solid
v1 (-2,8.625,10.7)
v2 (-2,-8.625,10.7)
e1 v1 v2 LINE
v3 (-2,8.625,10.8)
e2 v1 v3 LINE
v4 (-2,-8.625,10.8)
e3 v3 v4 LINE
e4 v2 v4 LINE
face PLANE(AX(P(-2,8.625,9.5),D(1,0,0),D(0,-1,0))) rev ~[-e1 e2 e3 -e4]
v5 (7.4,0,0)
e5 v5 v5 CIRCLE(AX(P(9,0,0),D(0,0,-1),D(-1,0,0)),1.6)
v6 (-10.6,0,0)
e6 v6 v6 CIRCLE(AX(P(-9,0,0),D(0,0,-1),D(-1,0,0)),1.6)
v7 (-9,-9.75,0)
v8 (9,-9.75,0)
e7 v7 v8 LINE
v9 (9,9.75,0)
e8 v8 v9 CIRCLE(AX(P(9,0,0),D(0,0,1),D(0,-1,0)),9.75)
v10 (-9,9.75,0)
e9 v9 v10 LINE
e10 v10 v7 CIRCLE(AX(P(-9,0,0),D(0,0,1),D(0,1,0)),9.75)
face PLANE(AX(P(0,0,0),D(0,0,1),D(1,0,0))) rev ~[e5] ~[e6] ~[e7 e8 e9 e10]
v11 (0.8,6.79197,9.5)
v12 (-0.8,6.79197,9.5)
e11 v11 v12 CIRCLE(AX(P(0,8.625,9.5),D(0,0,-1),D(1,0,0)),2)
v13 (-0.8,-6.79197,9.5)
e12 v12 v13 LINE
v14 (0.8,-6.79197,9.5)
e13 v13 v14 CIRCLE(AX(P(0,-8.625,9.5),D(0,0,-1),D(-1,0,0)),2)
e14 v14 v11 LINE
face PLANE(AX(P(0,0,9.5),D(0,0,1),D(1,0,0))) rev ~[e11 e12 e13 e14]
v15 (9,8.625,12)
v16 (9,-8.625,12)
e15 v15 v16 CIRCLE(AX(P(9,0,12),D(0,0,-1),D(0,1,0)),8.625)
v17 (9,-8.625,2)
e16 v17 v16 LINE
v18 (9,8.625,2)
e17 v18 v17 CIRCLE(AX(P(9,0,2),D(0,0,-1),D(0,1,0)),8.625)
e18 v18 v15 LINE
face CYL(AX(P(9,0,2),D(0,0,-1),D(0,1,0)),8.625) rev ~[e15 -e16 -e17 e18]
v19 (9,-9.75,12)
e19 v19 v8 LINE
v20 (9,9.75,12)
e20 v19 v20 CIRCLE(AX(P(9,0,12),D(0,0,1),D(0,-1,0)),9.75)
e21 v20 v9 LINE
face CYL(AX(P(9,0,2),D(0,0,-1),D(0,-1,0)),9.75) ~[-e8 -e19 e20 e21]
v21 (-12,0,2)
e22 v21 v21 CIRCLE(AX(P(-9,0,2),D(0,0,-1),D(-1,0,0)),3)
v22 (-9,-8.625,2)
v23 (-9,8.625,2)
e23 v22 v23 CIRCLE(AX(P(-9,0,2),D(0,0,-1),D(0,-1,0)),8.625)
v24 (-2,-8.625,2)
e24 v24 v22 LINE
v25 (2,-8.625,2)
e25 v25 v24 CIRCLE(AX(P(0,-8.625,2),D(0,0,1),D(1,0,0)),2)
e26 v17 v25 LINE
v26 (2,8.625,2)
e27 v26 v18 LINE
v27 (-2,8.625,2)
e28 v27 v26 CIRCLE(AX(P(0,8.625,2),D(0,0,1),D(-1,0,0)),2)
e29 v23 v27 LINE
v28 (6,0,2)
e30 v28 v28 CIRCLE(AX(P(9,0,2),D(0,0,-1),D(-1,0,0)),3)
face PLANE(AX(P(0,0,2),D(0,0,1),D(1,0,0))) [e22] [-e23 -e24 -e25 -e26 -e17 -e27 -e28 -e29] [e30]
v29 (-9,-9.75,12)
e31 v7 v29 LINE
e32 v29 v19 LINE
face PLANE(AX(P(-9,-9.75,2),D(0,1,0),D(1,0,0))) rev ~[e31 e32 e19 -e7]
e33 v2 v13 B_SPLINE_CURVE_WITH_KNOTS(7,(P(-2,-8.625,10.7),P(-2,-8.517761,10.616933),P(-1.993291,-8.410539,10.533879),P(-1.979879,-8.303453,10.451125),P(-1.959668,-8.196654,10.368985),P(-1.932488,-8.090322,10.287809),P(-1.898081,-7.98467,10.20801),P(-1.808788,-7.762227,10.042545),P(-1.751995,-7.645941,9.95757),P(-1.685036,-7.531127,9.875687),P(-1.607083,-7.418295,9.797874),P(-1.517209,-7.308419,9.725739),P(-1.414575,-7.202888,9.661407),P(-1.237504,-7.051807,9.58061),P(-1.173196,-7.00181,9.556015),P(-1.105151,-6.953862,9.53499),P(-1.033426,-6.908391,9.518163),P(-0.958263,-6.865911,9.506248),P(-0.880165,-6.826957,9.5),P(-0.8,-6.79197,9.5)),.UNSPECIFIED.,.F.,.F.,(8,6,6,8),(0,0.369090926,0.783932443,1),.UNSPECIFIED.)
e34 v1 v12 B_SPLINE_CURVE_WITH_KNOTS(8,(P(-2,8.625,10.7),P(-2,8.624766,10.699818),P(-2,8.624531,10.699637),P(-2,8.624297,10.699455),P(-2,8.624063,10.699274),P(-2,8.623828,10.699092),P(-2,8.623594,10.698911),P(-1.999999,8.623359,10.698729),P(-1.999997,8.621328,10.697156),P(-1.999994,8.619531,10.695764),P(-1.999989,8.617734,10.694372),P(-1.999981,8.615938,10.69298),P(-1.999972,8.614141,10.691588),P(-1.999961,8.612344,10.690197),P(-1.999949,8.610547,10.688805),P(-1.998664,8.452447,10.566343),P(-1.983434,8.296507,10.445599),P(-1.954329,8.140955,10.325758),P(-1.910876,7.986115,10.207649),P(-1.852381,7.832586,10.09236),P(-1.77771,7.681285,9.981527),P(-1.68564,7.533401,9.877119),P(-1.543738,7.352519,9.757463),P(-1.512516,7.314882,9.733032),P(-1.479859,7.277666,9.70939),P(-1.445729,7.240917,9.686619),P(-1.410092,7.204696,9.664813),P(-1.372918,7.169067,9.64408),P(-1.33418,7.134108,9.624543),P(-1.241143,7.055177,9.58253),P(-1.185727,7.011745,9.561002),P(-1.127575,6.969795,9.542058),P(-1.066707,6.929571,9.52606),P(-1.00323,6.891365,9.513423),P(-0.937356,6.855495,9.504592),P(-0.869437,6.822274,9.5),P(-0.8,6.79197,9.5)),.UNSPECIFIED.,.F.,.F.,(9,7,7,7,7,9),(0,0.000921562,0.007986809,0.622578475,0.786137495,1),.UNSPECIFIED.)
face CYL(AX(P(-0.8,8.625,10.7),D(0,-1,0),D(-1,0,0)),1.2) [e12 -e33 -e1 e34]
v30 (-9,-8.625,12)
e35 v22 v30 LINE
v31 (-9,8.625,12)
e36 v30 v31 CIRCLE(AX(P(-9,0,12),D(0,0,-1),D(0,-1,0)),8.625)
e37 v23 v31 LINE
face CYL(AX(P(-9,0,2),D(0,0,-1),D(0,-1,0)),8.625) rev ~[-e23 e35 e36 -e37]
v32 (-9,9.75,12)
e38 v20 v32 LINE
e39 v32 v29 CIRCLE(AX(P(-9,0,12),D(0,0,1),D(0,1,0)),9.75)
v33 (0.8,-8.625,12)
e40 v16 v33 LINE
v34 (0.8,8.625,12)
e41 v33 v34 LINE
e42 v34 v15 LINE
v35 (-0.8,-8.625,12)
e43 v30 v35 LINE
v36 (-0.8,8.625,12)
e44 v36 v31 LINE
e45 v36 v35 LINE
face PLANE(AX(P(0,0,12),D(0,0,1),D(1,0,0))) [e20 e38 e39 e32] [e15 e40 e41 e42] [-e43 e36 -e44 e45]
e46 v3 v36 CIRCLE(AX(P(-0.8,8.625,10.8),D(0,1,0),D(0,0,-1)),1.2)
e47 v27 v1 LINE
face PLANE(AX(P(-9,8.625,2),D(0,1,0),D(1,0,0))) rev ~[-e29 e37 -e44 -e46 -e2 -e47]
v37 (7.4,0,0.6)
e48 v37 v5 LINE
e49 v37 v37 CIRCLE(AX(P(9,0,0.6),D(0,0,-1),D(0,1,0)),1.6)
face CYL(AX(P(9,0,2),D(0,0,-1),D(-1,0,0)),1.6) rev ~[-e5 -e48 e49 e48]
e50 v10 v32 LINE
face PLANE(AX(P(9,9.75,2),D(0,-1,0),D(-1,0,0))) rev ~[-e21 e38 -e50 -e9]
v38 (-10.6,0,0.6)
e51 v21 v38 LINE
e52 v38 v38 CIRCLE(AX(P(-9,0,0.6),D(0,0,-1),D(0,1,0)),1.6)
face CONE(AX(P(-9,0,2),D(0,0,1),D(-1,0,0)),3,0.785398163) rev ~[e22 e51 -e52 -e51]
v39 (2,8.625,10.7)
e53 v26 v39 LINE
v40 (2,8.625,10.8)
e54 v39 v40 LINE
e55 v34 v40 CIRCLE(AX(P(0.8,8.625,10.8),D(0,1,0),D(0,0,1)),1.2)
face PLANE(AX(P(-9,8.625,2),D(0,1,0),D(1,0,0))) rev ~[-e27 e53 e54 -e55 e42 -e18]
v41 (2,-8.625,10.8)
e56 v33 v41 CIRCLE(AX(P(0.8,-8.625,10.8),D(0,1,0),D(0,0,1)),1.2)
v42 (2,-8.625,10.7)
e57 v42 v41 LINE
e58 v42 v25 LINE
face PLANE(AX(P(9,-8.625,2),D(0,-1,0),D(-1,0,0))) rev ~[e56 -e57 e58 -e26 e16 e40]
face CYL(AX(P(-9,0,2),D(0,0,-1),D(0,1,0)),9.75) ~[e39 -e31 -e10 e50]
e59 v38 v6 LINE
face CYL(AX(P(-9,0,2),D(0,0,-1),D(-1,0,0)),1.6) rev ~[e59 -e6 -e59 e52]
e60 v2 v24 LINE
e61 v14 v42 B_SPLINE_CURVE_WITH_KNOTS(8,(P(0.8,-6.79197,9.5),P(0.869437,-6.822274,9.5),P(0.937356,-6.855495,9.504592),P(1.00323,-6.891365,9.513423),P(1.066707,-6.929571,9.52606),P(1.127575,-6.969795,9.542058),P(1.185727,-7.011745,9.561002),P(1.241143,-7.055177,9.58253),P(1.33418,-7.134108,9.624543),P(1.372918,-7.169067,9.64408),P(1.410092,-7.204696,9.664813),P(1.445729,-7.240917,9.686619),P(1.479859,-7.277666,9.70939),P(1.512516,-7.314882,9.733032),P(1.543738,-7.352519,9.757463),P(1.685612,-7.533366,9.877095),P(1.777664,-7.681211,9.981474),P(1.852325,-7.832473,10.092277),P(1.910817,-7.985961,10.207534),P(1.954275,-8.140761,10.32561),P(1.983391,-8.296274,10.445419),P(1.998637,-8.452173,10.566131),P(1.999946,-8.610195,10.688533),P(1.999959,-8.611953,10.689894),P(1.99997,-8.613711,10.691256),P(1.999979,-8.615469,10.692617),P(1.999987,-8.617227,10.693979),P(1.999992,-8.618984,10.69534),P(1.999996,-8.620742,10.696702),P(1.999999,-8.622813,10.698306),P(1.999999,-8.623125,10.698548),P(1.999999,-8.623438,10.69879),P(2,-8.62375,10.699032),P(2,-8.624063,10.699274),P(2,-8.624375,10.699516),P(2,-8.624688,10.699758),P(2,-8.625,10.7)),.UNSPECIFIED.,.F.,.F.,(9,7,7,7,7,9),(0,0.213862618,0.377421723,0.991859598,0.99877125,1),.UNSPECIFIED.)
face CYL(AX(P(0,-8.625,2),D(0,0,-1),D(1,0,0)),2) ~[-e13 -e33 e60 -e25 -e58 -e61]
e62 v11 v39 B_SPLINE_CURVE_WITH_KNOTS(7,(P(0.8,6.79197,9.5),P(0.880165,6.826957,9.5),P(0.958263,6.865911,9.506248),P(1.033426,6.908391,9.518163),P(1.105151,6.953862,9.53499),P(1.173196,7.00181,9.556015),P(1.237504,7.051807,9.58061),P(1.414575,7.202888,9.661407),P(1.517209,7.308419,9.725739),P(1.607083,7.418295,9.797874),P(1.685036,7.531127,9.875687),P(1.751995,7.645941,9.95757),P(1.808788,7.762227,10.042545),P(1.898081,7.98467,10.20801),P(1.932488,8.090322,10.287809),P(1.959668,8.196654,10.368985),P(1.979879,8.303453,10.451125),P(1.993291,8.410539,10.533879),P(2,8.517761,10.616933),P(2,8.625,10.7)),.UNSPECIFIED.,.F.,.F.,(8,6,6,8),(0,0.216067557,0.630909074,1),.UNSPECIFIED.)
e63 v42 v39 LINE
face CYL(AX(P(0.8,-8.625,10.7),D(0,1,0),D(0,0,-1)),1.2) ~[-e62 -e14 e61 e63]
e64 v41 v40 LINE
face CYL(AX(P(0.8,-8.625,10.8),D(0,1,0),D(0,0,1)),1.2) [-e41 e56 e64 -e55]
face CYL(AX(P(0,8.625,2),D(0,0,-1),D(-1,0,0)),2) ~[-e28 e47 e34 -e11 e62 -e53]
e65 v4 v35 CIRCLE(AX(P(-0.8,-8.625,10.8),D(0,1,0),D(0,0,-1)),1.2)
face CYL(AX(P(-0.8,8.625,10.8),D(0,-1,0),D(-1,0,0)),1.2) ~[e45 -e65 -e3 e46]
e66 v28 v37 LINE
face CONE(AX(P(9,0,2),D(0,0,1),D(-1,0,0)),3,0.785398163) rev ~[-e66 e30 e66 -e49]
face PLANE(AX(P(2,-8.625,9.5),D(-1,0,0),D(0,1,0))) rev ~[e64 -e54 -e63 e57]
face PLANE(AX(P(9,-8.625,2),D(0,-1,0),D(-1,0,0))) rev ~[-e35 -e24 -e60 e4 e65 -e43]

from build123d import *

# Parameters (mm, degrees)
F1_DEPTH        = 2
F3_DEPTH        = 10
F5_DEPTH        = 10
F8_DEPTH        = 2.5
F9_R            = 1.2
F11_D           = 3.2
F11_DEPTH       = 4.5
F11_CSINK_D     = 6
F11_CSINK_ANGLE = 90
F11_TIP         = 0.9613769904


with BuildPart() as f1:
    # F0 (on Top) → F1 (new body)
    with BuildSketch(Plane.XY):
        with BuildLine():
            Line((9, 9.75), (-9, 9.75))
            ThreePointArc((-9, 9.75), (-18.75, 0), (-9, -9.75))
            Line((-9, -9.75), (9, -9.75))
            ThreePointArc((9, -9.75), (18.75, 0), (9, 9.75))
        make_face()
    extrude(amount=F1_DEPTH)

    # F2 (on face) → F3 (join)
    with BuildSketch(Plane.XY.offset(2)):
        with BuildLine():
            Line((9, 9.75), (-9, 9.75))
            ThreePointArc((-9, 9.75), (-18.75, 0), (-9, -9.75))
            Line((-9, -9.75), (9, -9.75))
            ThreePointArc((9, -9.75), (18.75, 0), (9, 9.75))
        make_face()
        with BuildLine():
            ThreePointArc((9, 8.625), (17.625, 0), (9, -8.625))
            Line((9, -8.625), (-9, -8.625))
            ThreePointArc((-9, -8.625), (-17.625, 0), (-9, 8.625))
            Line((-9, 8.625), (9, 8.625))
        make_face(mode=Mode.SUBTRACT)
    extrude(amount=F3_DEPTH)

    # F4 (on face) → F5 (join)
    with BuildSketch(Plane.XY.offset(2)):
        with BuildLine():
            Line((2, 8.625), (-2, 8.625))
            ThreePointArc((-2, 8.625), (0, 6.625), (2, 8.625))
        make_face()
        with BuildLine():
            Line((-2, -8.625), (2, -8.625))
            ThreePointArc((2, -8.625), (0, -6.625), (-2, -8.625))
        make_face()
    extrude(amount=F5_DEPTH)

    # F7 (on offset) → F8 (join)
    with BuildSketch(Plane.XY.offset(9.5)):
        with BuildLine():
            ThreePointArc((2, 8.625), (0, 6.625), (-2, 8.625))
            Line((-2, 8.625), (-2, -8.625))
            ThreePointArc((-2, -8.625), (0, -6.625), (2, -8.625))
            Line((2, -8.625), (2, 8.625))
        make_face()
    extrude(amount=F8_DEPTH)

    # F9
    f9_edges = [f1.edges().sort_by_distance(p)[0] for p in [
        (2, 0, 12),
        (-2, 0, 12),
        (-2, 0, 9.5),
        (2, 0, 9.5),
    ]]
    fillet(f9_edges, radius=F9_R)

    # F11
    with Locations(Plane.XY.offset(2)):
        with Locations((-9, 0), (9, 0)):
            CounterSinkHole(F11_D / 2, F11_CSINK_D / 2, depth=F11_DEPTH, counter_sink_angle=F11_CSINK_ANGLE)
            with Locations((0, 0, -(F11_DEPTH + F11_TIP / 2))):  # 118° drill point
                Cone(0, F11_D / 2, F11_TIP, mode=Mode.SUBTRACT)


solid = f1.part
